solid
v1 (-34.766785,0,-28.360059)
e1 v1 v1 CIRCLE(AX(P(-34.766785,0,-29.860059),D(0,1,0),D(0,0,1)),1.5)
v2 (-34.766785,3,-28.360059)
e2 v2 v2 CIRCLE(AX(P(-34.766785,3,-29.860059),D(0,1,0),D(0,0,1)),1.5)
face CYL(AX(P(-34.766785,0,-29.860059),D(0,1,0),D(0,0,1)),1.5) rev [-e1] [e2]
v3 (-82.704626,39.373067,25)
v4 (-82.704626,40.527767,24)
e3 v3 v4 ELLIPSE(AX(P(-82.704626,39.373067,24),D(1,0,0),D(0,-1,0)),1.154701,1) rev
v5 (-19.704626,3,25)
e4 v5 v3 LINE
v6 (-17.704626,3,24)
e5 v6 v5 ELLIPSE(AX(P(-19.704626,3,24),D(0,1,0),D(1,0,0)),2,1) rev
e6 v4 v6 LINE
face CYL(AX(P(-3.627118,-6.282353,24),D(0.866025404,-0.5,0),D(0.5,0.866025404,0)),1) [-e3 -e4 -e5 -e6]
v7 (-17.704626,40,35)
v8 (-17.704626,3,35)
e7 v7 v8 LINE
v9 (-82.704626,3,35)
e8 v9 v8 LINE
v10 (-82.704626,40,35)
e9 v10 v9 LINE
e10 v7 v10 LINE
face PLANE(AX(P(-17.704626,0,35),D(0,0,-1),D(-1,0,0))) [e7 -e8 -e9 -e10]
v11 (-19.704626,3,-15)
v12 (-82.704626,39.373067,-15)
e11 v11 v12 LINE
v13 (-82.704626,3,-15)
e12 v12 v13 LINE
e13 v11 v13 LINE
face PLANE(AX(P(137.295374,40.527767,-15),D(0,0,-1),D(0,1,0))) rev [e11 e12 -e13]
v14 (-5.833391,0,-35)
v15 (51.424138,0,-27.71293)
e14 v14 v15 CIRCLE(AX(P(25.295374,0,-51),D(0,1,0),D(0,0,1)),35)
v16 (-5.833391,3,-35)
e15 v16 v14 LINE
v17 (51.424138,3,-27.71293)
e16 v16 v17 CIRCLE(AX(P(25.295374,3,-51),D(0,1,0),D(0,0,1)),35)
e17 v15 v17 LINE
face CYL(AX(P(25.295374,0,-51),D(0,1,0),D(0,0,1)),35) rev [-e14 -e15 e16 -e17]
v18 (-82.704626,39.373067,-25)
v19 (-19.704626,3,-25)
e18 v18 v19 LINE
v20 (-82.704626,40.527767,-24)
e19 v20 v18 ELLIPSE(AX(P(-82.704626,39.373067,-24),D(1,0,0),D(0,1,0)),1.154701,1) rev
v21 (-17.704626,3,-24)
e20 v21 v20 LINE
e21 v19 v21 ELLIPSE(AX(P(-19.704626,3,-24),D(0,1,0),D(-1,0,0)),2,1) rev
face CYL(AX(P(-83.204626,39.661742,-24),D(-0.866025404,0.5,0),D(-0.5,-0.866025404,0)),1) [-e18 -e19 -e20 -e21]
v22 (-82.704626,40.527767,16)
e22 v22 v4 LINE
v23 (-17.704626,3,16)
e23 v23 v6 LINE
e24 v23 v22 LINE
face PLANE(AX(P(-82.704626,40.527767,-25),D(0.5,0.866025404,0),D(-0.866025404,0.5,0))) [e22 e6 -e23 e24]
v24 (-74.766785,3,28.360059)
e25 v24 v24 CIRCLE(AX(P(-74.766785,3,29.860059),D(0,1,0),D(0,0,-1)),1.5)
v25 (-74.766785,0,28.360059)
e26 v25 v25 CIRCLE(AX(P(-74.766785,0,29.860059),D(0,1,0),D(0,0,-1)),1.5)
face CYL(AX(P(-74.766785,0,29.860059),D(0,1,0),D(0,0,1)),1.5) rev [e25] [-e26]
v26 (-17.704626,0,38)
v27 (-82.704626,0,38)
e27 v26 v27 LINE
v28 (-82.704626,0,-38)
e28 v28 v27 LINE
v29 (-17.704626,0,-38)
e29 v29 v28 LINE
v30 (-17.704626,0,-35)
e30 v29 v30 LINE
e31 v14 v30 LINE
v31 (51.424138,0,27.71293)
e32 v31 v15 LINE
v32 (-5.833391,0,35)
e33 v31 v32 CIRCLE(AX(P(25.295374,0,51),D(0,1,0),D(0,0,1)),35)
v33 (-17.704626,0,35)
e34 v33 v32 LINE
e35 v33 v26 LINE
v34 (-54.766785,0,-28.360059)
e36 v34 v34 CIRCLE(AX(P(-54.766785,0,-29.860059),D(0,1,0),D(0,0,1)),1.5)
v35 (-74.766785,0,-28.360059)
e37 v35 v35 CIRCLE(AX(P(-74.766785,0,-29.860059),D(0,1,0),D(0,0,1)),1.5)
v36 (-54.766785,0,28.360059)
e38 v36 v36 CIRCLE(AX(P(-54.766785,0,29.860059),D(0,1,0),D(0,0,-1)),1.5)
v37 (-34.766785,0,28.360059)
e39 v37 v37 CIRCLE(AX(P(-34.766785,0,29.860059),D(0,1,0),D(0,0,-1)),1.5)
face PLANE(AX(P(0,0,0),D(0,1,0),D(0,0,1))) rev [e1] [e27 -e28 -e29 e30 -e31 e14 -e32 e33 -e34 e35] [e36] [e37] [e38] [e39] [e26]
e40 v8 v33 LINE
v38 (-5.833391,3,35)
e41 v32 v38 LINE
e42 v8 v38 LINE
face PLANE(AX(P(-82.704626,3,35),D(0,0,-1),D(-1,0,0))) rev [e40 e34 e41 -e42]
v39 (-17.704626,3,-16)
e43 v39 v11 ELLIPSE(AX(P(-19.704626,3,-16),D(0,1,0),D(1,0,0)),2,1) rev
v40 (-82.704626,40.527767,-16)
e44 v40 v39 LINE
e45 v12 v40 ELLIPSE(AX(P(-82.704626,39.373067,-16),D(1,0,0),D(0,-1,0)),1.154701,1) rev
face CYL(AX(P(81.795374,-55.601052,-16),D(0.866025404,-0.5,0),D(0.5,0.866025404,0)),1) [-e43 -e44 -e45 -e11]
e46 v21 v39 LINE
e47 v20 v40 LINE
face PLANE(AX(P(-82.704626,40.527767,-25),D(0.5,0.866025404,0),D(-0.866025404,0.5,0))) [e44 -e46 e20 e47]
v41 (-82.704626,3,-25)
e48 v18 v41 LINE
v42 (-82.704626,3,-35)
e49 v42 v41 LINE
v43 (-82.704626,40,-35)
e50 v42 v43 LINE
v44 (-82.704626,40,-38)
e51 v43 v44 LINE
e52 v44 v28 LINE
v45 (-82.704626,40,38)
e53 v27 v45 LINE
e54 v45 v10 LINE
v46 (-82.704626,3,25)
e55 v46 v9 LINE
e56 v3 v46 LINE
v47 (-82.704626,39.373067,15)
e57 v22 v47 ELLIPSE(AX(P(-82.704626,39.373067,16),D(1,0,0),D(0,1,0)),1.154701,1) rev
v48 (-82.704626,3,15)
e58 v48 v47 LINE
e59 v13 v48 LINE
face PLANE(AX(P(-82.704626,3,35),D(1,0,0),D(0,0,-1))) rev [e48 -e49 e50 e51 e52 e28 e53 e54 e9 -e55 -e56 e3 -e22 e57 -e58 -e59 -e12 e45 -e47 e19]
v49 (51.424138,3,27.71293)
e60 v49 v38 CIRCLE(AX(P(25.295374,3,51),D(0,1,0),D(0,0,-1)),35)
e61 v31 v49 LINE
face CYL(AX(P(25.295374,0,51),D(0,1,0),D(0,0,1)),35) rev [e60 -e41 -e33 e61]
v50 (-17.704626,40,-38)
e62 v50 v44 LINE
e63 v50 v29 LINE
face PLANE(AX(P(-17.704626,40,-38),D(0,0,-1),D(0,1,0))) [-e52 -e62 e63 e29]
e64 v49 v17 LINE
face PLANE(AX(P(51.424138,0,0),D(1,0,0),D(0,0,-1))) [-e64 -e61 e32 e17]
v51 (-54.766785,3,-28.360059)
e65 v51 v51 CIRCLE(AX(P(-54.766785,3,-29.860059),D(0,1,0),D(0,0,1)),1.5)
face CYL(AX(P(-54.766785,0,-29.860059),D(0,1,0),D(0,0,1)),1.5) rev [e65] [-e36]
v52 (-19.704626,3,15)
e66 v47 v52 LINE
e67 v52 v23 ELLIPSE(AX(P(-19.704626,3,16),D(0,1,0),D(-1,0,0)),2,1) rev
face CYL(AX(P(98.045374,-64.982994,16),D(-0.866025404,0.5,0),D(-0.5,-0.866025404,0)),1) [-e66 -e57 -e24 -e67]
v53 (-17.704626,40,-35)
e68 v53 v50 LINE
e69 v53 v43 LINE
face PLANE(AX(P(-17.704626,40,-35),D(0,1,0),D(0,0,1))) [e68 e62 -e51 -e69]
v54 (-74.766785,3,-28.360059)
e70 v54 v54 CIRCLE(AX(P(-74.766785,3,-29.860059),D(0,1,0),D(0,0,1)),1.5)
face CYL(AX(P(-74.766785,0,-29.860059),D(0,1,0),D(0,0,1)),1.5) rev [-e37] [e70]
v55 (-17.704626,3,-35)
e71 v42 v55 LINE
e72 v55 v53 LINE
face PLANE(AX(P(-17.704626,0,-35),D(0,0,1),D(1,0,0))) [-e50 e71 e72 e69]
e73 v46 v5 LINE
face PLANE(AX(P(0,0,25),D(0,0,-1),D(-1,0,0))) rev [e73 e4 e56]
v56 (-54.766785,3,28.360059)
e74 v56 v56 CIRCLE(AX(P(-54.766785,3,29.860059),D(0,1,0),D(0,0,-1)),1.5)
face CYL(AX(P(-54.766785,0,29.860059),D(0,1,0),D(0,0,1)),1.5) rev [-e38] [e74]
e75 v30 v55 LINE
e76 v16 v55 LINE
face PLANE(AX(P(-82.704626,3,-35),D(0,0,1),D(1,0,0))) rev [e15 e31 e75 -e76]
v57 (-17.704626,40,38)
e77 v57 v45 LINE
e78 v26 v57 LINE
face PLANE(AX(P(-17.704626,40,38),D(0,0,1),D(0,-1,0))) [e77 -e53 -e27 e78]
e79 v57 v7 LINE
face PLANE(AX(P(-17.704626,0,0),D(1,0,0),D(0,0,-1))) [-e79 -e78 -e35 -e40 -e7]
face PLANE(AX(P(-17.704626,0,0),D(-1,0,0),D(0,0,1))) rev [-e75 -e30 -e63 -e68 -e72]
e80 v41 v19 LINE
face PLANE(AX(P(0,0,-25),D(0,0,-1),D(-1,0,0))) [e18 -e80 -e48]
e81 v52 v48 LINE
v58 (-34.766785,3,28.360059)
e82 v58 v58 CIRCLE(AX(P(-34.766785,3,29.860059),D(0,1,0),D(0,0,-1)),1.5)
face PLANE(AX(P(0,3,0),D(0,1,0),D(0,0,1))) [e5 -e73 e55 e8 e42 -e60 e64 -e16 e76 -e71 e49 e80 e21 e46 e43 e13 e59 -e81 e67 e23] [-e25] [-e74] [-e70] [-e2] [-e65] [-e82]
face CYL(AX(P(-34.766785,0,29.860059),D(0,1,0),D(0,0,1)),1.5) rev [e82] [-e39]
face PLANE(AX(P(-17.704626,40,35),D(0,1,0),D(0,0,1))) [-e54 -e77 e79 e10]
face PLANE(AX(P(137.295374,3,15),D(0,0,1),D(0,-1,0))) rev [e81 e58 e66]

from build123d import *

# Parameters (mm, degrees)
SKETCH_1_W           = 220
SKETCH_1_H           = 70
EXTRUDE_1_DEPTH      = 3
EXTRUDE_2_DEPTH      = 25
EXTRUDE_2_DEPTH_BACK = 25
SKETCH_6_W           = 30
SKETCH_6_H           = 37.527767497
CUT_EXTRUDE_4_DEPTH  = 221
SKETCH_7_R           = 35
CUT_EXTRUDE_5_DEPTH  = 4
SKETCH_8_W           = 3
SKETCH_8_H           = 40
EXTRUDE_3_DEPTH      = 65
SKETCH_9_R           = 1.5
CUT_EXTRUDE_6_DEPTH  = 4
FILLET_5_R           = 1
SKETCH_12_R          = 1.5
CUT_EXTRUDE_8_DEPTH  = 4


with BuildPart() as part:
    # 草图1 → 凸台-拉伸1 (new body)
    with BuildSketch(Plane(origin=(0, 0, 0), x_dir=(1, 0, 0), z_dir=(0, 1, 0))):
        with Locations((27.295373665, 0)):
            Rectangle(SKETCH_1_W, SKETCH_1_H)
    extrude(amount=EXTRUDE_1_DEPTH)

    # 草图2 → 凸台-拉伸2 (add, two sides)
    with BuildSketch(Plane.XY) as extrude_2_sk:
        Polygon((-82.704626335, 40.527767497), (-82.704626335, 3), (-17.704626335, 3), align=None)
    extrude(amount=EXTRUDE_2_DEPTH)
    extrude(extrude_2_sk.sketch, amount=-EXTRUDE_2_DEPTH_BACK)

    # 草图6 → 切除-拉伸4 (cut, through all)
    with BuildSketch(Plane.ZY.offset(82.704626335)):
        with Locations((0, 21.763883748)):
            Rectangle(SKETCH_6_W, SKETCH_6_H)
    extrude(amount=-CUT_EXTRUDE_4_DEPTH, mode=Mode.SUBTRACT)

    # 草图7 → 切除-拉伸5 (cut, through all)
    with BuildSketch(Plane(origin=(0, 3, 0), x_dir=(1, 0, 0), z_dir=(0, 1, 0))):
        with Locations((25.295373665, 51)):
            Circle(SKETCH_7_R)
        with Locations((25.295373665, -51)):
            Circle(SKETCH_7_R)
    extrude(amount=-CUT_EXTRUDE_5_DEPTH, mode=Mode.SUBTRACT)

    # 草图8 → 凸台-拉伸3 (add)
    with BuildSketch(Plane.ZY.offset(82.704626335)):
        with Locations((36.5, 20)):
            Rectangle(SKETCH_8_W, SKETCH_8_H)
        with Locations((-36.5, 20)):
            Rectangle(SKETCH_8_W, SKETCH_8_H)
    extrude(amount=-EXTRUDE_3_DEPTH)

    # 草图9 → 切除-拉伸6 (cut, through all)
    with BuildSketch(Plane(origin=(0, 3, 0), x_dir=(1, 0, 0), z_dir=(0, 1, 0))):
        with Locations((-74.766784803, 29.860059225)):
            Circle(SKETCH_9_R)
        with Locations((-54.766784803, 29.860059225)):
            Circle(SKETCH_9_R)
        with Locations((-34.766784803, 29.860059225)):
            Circle(SKETCH_9_R)
        with Locations((-34.766784803, -29.860059225)):
            Circle(SKETCH_9_R)
        with Locations((-54.766784803, -29.860059225)):
            Circle(SKETCH_9_R)
        with Locations((-74.766784803, -29.860059225)):
            Circle(SKETCH_9_R)
        with Locations((68.031562246, 22)):
            Circle(SKETCH_9_R)
        with Locations((88.031562246, 22)):
            Circle(SKETCH_9_R)
        with Locations((108.031562246, 22)):
            Circle(SKETCH_9_R)
        with Locations((108.031562246, -22)):
            Circle(SKETCH_9_R)
        with Locations((88.031562246, -22)):
            Circle(SKETCH_9_R)
        with Locations((68.031562246, -22)):
            Circle(SKETCH_9_R)
        with Locations((128.031562246, 22)):
            Circle(SKETCH_9_R)
        with Locations((128.031562246, -22)):
            Circle(SKETCH_9_R)
    extrude(amount=-CUT_EXTRUDE_6_DEPTH, mode=Mode.SUBTRACT)

    # 圆角5
    fillet_5_edges = [part.edges().sort_by_distance(p)[0] for p in [
        (-50.204626335, 21.763883749, -25),
        (-50.204626335, 21.763883749, 25),
        (-50.204626335, 21.763883749, -15),
        (-50.204626335, 21.763883749, 15),
    ]]
    fillet(fillet_5_edges, radius=FILLET_5_R)

    # 草图12 → 切除-拉伸8 (cut, through all)
    with BuildSketch(Plane(origin=(0, 3, 0), x_dir=(1, 0, 0), z_dir=(0, 1, 0))):
        with BuildLine():
            Line((51.424138498, 27.712929589), (51.424138498, 0))
            Line((51.424138498, 0), (51.424138498, -27.712929589))
            ThreePointArc((51.424138498, -27.712929589), (54.155060508, -31.198018398), (56.424138498, -35))
            Line((56.424138498, -35), (137.295373665, -35))
            Line((137.295373665, -35), (137.295373665, 35))
            Line((137.295373665, 35), (56.424138498, 35))
            ThreePointArc((56.424138498, 35), (54.155060508, 31.198018398), (51.424138498, 27.712929589))
        make_face()
        with Locations((68.031562246, -22)):
            Circle(SKETCH_12_R, mode=Mode.SUBTRACT)
        with Locations((88.031562246, -22)):
            Circle(SKETCH_12_R, mode=Mode.SUBTRACT)
        with Locations((108.031562246, -22)):
            Circle(SKETCH_12_R, mode=Mode.SUBTRACT)
        with Locations((128.031562246, -22)):
            Circle(SKETCH_12_R, mode=Mode.SUBTRACT)
        with Locations((68.031562246, 22)):
            Circle(SKETCH_12_R, mode=Mode.SUBTRACT)
        with Locations((88.031562246, 22)):
            Circle(SKETCH_12_R, mode=Mode.SUBTRACT)
        with Locations((108.031562246, 22)):
            Circle(SKETCH_12_R, mode=Mode.SUBTRACT)
        with Locations((128.031562246, 22)):
            Circle(SKETCH_12_R, mode=Mode.SUBTRACT)
    extrude(amount=-CUT_EXTRUDE_8_DEPTH, mode=Mode.SUBTRACT)


solid = part.part
